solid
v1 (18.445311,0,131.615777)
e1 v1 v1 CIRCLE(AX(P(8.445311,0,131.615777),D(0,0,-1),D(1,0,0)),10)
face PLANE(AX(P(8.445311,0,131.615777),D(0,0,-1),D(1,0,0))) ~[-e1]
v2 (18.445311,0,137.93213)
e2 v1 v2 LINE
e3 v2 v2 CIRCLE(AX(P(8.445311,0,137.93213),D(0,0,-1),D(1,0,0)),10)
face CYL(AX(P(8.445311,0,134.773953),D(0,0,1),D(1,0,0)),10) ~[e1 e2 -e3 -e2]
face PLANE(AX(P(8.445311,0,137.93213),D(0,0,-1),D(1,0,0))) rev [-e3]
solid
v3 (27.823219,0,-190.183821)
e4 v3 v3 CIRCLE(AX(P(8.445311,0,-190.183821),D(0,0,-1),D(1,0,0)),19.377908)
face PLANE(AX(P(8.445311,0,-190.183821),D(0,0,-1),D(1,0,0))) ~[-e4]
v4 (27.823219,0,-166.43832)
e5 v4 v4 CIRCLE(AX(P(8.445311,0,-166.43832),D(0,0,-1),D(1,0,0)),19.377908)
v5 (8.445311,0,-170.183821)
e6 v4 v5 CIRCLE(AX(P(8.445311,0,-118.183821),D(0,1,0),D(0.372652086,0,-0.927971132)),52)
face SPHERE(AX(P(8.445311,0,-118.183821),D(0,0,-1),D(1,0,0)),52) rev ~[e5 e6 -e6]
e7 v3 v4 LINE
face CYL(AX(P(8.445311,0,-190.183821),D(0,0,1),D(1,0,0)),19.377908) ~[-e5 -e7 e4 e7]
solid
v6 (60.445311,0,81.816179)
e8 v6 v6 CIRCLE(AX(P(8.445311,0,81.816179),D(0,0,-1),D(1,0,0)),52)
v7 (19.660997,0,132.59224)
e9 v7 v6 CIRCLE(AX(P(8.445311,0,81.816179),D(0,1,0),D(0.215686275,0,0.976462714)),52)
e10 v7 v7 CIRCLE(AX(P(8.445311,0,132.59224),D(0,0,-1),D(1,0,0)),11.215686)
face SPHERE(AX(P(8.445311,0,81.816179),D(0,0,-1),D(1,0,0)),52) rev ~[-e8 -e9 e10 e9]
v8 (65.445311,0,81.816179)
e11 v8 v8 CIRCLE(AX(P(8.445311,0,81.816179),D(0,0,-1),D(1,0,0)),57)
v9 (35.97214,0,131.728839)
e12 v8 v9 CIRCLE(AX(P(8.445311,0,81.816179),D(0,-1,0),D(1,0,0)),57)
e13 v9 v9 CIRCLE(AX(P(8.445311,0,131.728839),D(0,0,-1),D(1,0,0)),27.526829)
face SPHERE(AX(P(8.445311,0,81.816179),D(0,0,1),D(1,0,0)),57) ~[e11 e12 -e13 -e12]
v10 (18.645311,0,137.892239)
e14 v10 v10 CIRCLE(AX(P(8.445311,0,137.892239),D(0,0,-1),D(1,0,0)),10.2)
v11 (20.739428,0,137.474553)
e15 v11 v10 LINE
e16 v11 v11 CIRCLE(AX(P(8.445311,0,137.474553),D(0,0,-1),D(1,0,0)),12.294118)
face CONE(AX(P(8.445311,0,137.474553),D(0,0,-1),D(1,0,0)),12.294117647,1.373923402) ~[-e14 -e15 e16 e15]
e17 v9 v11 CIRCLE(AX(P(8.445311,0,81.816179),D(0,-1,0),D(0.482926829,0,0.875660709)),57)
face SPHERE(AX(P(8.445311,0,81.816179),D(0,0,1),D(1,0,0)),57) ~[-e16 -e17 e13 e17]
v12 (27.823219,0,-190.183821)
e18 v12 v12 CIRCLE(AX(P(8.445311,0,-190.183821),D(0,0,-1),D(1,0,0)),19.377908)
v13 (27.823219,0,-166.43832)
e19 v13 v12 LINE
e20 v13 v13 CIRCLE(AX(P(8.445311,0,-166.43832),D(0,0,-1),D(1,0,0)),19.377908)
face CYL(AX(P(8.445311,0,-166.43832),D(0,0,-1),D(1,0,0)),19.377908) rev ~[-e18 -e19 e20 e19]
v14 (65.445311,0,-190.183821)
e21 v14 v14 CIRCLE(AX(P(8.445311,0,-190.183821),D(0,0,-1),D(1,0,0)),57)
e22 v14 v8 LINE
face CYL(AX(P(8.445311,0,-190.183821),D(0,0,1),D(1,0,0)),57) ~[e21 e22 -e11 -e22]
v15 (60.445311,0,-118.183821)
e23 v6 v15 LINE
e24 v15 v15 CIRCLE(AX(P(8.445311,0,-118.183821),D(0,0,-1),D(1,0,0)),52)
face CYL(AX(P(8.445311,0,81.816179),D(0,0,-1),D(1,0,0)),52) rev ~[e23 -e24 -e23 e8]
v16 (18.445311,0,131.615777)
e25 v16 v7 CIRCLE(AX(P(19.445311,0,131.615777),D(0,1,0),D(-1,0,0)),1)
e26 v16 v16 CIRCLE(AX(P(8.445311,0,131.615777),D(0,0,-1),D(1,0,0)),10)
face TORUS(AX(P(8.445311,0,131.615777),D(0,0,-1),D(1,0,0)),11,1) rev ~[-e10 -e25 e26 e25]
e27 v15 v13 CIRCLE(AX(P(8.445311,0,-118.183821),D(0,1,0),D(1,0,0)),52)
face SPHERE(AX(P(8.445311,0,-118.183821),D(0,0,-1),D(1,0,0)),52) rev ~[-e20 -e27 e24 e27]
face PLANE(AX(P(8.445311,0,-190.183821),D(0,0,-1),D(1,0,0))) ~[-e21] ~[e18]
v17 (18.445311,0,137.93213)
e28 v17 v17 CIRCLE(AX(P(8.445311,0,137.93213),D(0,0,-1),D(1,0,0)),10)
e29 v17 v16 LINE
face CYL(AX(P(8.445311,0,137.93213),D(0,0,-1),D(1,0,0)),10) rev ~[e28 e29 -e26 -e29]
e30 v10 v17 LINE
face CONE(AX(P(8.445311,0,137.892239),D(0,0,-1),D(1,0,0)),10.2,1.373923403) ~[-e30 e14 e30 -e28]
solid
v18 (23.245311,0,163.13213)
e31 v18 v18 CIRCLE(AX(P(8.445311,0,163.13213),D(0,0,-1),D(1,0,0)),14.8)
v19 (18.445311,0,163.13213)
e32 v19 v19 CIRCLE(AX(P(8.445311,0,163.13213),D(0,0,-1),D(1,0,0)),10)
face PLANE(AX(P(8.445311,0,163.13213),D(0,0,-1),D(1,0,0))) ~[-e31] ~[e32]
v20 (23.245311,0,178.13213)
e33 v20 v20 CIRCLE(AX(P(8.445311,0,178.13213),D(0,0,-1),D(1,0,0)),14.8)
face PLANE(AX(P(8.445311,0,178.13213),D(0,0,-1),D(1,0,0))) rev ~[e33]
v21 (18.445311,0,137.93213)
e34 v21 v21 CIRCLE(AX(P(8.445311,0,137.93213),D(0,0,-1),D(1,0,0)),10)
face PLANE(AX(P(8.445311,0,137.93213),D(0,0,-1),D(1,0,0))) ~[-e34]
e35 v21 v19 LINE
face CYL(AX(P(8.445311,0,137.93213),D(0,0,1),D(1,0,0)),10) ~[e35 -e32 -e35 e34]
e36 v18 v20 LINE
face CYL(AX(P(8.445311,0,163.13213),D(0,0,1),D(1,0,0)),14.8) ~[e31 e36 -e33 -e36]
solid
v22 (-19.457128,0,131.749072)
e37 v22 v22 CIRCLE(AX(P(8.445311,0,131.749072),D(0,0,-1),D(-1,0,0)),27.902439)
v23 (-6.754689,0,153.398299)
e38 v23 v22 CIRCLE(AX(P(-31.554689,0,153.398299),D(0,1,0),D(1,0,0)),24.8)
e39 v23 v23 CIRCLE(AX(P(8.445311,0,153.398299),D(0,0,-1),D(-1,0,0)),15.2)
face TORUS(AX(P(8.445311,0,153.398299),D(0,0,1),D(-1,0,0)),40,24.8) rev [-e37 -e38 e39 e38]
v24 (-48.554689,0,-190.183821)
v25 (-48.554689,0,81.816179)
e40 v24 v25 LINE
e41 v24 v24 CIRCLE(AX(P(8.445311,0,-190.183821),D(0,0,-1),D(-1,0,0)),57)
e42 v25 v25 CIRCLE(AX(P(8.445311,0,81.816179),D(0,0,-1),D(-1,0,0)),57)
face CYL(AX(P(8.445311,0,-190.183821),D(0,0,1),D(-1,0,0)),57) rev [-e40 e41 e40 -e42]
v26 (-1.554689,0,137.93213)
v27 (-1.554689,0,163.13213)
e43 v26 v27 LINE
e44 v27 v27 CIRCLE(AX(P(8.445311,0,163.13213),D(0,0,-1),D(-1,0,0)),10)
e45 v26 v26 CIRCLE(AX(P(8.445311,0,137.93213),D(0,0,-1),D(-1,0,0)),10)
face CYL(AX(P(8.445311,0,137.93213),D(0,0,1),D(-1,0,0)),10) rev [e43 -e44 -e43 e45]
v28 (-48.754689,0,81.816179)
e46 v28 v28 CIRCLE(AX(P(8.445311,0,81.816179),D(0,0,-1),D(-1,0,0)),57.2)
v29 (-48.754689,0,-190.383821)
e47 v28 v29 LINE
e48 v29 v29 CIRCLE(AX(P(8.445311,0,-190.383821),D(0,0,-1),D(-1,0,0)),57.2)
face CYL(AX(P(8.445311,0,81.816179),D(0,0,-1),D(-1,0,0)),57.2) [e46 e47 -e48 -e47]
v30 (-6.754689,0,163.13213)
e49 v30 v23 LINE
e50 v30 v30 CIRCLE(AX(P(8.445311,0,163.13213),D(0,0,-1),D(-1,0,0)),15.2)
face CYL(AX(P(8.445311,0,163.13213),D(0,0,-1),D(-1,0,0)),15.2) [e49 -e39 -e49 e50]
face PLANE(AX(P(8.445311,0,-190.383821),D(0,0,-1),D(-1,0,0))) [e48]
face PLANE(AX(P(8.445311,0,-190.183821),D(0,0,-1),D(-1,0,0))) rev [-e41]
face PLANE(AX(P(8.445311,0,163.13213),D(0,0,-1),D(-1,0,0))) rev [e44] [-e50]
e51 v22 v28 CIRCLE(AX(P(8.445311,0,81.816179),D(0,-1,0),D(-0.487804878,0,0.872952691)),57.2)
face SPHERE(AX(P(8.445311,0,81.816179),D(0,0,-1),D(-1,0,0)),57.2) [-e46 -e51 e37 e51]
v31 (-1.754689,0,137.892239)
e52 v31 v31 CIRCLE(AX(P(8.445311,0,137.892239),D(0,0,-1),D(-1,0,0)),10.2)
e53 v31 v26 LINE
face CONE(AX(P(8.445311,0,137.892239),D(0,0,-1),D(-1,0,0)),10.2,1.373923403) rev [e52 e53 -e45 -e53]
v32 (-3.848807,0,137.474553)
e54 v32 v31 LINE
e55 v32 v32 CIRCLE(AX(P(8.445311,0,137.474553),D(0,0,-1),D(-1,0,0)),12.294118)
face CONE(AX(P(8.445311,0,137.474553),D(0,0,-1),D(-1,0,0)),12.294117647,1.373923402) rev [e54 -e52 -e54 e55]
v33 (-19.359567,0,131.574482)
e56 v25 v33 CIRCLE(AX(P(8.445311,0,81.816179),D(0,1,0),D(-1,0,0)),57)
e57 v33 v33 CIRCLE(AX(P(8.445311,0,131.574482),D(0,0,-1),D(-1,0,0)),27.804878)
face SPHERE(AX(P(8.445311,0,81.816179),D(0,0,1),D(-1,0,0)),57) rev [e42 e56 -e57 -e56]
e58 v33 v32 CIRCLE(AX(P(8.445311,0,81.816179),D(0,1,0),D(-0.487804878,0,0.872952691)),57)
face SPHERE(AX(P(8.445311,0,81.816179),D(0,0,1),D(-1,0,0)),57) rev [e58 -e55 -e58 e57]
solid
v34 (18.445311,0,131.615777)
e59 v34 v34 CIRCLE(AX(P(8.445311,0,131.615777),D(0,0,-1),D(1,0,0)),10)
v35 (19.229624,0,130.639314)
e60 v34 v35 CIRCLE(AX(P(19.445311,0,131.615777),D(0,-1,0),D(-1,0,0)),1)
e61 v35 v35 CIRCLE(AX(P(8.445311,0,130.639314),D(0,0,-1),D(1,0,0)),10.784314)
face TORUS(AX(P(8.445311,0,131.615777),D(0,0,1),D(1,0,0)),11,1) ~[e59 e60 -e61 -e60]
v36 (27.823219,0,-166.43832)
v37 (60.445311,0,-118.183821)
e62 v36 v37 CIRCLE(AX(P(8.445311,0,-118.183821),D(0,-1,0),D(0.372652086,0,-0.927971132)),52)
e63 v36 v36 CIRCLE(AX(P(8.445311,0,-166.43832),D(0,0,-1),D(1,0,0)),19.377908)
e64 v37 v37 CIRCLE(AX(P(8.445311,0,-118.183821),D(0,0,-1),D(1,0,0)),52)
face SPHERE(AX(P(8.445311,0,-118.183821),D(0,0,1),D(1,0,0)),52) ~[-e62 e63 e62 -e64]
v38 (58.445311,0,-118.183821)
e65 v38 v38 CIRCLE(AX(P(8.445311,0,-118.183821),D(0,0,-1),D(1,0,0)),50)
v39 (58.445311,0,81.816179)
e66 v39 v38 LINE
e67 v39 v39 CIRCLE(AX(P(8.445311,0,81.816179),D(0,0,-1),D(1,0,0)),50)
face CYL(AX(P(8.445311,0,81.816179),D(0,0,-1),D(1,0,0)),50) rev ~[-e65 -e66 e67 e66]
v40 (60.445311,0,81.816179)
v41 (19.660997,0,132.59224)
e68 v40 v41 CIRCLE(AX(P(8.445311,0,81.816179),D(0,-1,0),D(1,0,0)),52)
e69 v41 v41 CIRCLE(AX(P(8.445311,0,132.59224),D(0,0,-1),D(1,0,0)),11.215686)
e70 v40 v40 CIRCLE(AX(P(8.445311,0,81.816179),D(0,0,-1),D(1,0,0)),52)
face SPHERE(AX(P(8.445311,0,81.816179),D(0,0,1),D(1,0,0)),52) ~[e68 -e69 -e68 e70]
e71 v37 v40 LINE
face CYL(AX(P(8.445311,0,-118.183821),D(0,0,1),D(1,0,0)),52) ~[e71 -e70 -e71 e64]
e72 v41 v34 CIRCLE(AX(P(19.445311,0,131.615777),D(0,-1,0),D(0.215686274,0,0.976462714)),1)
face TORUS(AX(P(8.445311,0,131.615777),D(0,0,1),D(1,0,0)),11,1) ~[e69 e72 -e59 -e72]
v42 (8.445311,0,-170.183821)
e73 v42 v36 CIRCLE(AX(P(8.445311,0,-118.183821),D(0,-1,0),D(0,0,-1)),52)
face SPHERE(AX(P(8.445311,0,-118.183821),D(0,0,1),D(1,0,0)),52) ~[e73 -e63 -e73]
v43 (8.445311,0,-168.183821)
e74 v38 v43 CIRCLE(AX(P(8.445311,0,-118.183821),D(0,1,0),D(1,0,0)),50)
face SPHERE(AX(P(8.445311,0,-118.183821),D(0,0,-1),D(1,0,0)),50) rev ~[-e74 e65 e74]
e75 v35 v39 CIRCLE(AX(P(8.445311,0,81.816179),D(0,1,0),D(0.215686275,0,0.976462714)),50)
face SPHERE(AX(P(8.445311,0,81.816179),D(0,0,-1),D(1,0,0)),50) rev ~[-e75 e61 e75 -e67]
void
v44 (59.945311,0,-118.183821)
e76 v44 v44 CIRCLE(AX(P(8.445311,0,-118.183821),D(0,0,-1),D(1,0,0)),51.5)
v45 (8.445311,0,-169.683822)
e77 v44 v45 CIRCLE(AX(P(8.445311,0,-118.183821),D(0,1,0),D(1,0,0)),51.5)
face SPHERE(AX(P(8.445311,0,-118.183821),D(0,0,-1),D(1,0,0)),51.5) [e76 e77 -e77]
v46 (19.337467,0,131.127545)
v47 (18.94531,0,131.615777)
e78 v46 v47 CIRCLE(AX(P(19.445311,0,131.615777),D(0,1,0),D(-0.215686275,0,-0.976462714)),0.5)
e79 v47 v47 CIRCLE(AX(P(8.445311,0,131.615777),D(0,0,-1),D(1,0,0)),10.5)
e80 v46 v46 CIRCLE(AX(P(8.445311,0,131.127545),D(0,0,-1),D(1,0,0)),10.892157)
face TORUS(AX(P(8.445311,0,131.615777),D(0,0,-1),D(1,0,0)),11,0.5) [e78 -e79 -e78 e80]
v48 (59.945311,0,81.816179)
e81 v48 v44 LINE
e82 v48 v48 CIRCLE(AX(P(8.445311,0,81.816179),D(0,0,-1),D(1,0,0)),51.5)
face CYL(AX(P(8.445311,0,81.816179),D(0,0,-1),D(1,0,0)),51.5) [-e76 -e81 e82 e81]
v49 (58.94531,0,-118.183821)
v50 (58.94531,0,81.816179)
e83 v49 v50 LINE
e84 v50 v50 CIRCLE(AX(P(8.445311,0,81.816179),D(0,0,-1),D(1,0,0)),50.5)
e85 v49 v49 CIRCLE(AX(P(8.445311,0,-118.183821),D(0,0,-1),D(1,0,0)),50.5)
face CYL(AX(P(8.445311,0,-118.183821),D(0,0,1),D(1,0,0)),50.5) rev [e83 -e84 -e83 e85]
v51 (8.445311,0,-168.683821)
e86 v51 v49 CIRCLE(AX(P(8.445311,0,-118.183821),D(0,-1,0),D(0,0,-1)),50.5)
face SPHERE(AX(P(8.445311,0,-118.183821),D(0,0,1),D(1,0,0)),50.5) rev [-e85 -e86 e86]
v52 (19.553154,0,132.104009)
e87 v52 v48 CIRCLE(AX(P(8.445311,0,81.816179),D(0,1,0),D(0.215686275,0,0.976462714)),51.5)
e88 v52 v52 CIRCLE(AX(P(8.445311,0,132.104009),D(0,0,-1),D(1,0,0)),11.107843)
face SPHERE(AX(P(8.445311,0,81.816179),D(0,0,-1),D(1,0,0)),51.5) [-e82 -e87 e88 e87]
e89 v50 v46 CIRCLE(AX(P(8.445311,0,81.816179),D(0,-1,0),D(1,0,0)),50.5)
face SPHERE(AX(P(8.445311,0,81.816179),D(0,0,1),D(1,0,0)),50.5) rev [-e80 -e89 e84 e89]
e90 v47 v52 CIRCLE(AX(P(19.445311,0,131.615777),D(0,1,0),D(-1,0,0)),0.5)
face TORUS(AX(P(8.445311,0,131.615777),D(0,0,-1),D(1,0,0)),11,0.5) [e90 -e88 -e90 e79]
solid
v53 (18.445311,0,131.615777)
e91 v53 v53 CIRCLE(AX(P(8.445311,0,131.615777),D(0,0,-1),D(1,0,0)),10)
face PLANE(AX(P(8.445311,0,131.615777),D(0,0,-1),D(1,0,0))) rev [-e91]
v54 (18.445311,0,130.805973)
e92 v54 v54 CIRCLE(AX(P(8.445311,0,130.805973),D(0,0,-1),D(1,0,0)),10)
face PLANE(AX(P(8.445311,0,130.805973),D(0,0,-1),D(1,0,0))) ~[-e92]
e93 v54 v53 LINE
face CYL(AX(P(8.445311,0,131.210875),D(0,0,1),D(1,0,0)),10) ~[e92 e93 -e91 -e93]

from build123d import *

# Parameters (mm, degrees)
F0_W   = 10
F0_H   = 6.3163529944
F0_H_2 = 0.8098035363


with BuildPart() as f1:
    # F0 (on Front) → F1 (revolve)
    with BuildSketch(Plane.XZ):
        with BuildLine():
            ThreePointArc((27.8232190758, -166.4383203266), (18.3135945844, -169.2388600849), (8.4453105927, -170.1838214397))
            Line((8.4453105927, -170.1838214397), (8.4453105927, -190.1838214397))
            Line((8.4453105927, -190.1838214397), (27.8232190758, -190.1838214397))
            Line((27.8232190758, -190.1838214397), (27.8232190758, -166.4383203266))
        make_face()
    revolve(axis=Axis((8.4453105927, 0, -82.1010128856), (0, 0, -1)))


with BuildPart() as f2:
    # F0 (on Front) → F2 (revolve)
    with BuildSketch(Plane.XZ):
        with BuildLine():
            Line((-1.7546894073, 137.8922386435), (-1.5546894073, 137.9321299466))
            Line((-1.5546894073, 137.9321299466), (-1.5546894073, 162.9321299466))
            Line((-1.5546894073, 162.9321299466), (-1.5546894073, 163.1321299466))
            Line((-1.5546894073, 163.1321299466), (-6.7546894073, 163.1321299466))
            Line((-6.7546894073, 163.1321299466), (-6.7546894073, 153.398299233))
            ThreePointArc((-6.7546894073, 153.398299233), (-10.1647441971, 140.8479907147), (-19.4571284317, 131.7490724929))
            ThreePointArc((-19.4571284317, 131.7490724929), (-40.8895630374, 110.7628578845), (-48.7546894073, 81.8161785603))
            Line((-48.7546894073, 81.8161785603), (-48.7546894073, -118.1838214397))
            Line((-48.7546894073, -118.1838214397), (-48.7546894073, -190.3838214397))
            Line((-48.7546894073, -190.3838214397), (-11.5546894073, -190.3838214397))
            Line((-11.5546894073, -190.3838214397), (8.4453105927, -190.3838214397))
            Line((8.4453105927, -190.3838214397), (8.4453105927, -190.1838214397))
            Line((8.4453105927, -190.1838214397), (-11.5546894073, -190.1838214397))
            Line((-11.5546894073, -190.1838214397), (-48.5546894073, -190.1838214397))
            Line((-48.5546894073, -190.1838214397), (-48.5546894073, -118.1838214397))
            Line((-48.5546894073, -118.1838214397), (-48.5546894073, 81.8161785603))
            ThreePointArc((-48.5546894073, 81.8161785603), (-40.7170634793, 110.6616457191), (-19.3595674561, 131.5744819547))
            ThreePointArc((-19.3595674561, 131.5744819547), (-9.9922446389, 140.7467785493), (-6.5546894073, 153.398299233))
            Line((-6.5546894073, 153.398299233), (-6.5546894073, 162.9321299466))
            Line((-6.5546894073, 162.9321299466), (-1.7546894073, 162.9321299466))
            Line((-1.7546894073, 162.9321299466), (-1.7546894073, 137.9321299466))
            Line((-1.7546894073, 137.9321299466), (-1.7546894073, 137.8922386435))
        make_face()
        with BuildLine():
            Line((-3.8488070544, 137.4745532336), (-1.7546894073, 137.8922386435))
            Line((-1.7546894073, 137.8922386435), (-1.7546894073, 137.9321299466))
            Line((-1.7546894073, 137.9321299466), (-1.7546894073, 162.9321299466))
            Line((-1.7546894073, 162.9321299466), (-6.5546894073, 162.9321299466))
            Line((-6.5546894073, 162.9321299466), (-6.5546894073, 153.398299233))
            ThreePointArc((-6.5546894073, 153.398299233), (-9.9922446389, 140.7467785493), (-19.3595674561, 131.5744819547))
            ThreePointArc((-19.3595674561, 131.5744819547), (-11.8200557802, 135.0920166651), (-3.8488070544, 137.4745532336))
        make_face()
    revolve(axis=Axis((8.4453105927, 0, -82.1010128856), (0, 0, -1)))


with BuildPart() as f3:
    # F0 (on Front) → F3 (revolve)
    with BuildSketch(Plane.XZ):
        with BuildLine():
            Line((18.4453105927, 137.9321299466), (18.4453105927, 131.6157769522))
            ThreePointArc((18.4453105927, 131.6157769522), (18.8190863016, 132.3954199072), (19.6609968672, 132.5922396658))
            ThreePointArc((19.6609968672, 132.5922396658), (48.9867442518, 114.3798416967), (60.4453105927, 81.8161785603))
            Line((60.4453105927, 81.8161785603), (60.4453105927, -118.1838214397))
            ThreePointArc((60.4453105927, -118.1838214397), (51.5246051616, -147.3072549502), (27.8232190758, -166.4383203266))
            Line((27.8232190758, -166.4383203266), (27.8232190758, -190.1838214397))
            Line((27.8232190758, -190.1838214397), (65.4453105927, -190.1838214397))
            Line((65.4453105927, -190.1838214397), (65.4453105927, -118.1838214397))
            Line((65.4453105927, -118.1838214397), (65.4453105927, 81.8161785603))
            ThreePointArc((65.4453105927, 81.8161785603), (57.5270244395, 110.7986795885), (35.9721398609, 131.7288389826))
            ThreePointArc((35.9721398609, 131.7288389826), (28.5619768516, 135.1483427637), (20.7394282397, 137.4745532336))
            Line((20.7394282397, 137.4745532336), (18.6453105927, 137.8922386435))
            Line((18.6453105927, 137.8922386435), (18.4453105927, 137.9321299466))
        make_face()
    revolve(axis=Axis((8.4453105927, 0, -82.1010128856), (0, 0, -1)))


with BuildPart() as f4:
    # F0 (on Front) → F4 (revolve)
    with BuildSketch(Plane.XZ):
        with BuildLine():
            ThreePointArc((58.4453105927, -118.1838214397), (43.800649652, -153.5391604991), (8.4453105927, -168.1838214397))
            Line((8.4453105927, -168.1838214397), (8.4453105927, -168.6838210945))
            ThreePointArc((8.4453105926, -168.6838210945), (44.1542027984, -153.8927136455), (58.9453102474, -118.1838214397))
            Line((58.9453102474, -118.1838214397), (58.9453102474, 81.8161785603))
            ThreePointArc((58.9453102474, 81.8161785603), (47.8172795501, 113.4405050438), (19.3374673809, 131.1275452583))
            ThreePointArc((19.3374673809, 131.1275452583), (19.055488846, 131.3026645905), (18.9453102474, 131.6157769522))
            ThreePointArc((18.9453102474, 131.6157769522), (19.1321982309, 132.0055986989), (19.5531538044, 132.1040086461))
            ThreePointArc((19.5531538044, 132.1040086461), (48.5969230435, 114.0667297674), (59.9453109379, 81.8161785603))
            Line((59.9453109379, 81.8161785603), (59.9453109379, -118.1838214397))
            ThreePointArc((59.9453109379, -118.1838214397), (44.8613100679, -154.599820915), (8.4453105926, -169.683821785))
            Line((8.4453105927, -169.683821785), (8.4453105927, -170.1838214397))
            ThreePointArc((8.4453105927, -170.1838214397), (18.3135945844, -169.2388600849), (27.8232190758, -166.4383203266))
            ThreePointArc((27.8232190758, -166.4383203266), (51.5246051616, -147.3072549502), (60.4453105927, -118.1838214397))
            Line((60.4453105927, -118.1838214397), (60.4453105927, 81.8161785603))
            ThreePointArc((60.4453105927, 81.8161785603), (48.9867442518, 114.3798416967), (19.6609968672, 132.5922396658))
            ThreePointArc((19.6609968672, 132.5922396658), (18.8190863016, 132.3954199072), (18.4453105927, 131.6157769522))
            ThreePointArc((18.4453105927, 131.6157769522), (18.6656676377, 130.9895526611), (19.2296243181, 130.6393142386))
            ThreePointArc((19.2296243181, 130.6393142386), (47.4274583418, 113.1273931145), (58.4453105927, 81.8161785603))
            Line((58.4453105927, 81.8161785603), (58.4453105927, -118.1838214397))
        make_face()
    revolve(axis=Axis((8.4453105927, 0, -82.1010128856), (0, 0, -1)))


with BuildPart() as f5:
    # F0 (on Front) → F5 (revolve)
    with BuildSketch(Plane.XZ):
        Polygon((8.4453105927, 163.1321299466), (8.4453105927, 137.9321299466), (18.4453105927, 137.9321299466), (18.4453105927, 162.9321299466), (18.4453105927, 163.1321299466), align=None)
        Polygon((8.4453105927, 178.1321299466), (8.4453105927, 163.1321299466), (18.4453105927, 163.1321299466), (23.2453105927, 163.1321299466), (23.2453105927, 178.1321299466), align=None)
    revolve(axis=Axis((8.4453105927, 0, -82.1010128856), (0, 0, -1)))


with BuildPart() as f6:
    # F0 (on Front) → F6 (revolve)
    with BuildSketch(Plane.XZ):
        with Locations((13.4453105927, 134.7739534494)):
            Rectangle(F0_W, F0_H)
    revolve(axis=Axis((8.4453105927, 0, -82.1010128856), (0, 0, -1)))


with BuildPart() as f7:
    # F0 (on Front) → F7 (revolve)
    with BuildSketch(Plane.XZ):
        with Locations((13.4453105927, 131.2108751841)):
            Rectangle(F0_W, F0_H_2)
    revolve(axis=Axis((8.4453105927, 0, -82.1010128856), (0, 0, -1)))


solid = Compound([f1.part, f2.part, f3.part, f4.part, f5.part, f6.part, f7.part])
